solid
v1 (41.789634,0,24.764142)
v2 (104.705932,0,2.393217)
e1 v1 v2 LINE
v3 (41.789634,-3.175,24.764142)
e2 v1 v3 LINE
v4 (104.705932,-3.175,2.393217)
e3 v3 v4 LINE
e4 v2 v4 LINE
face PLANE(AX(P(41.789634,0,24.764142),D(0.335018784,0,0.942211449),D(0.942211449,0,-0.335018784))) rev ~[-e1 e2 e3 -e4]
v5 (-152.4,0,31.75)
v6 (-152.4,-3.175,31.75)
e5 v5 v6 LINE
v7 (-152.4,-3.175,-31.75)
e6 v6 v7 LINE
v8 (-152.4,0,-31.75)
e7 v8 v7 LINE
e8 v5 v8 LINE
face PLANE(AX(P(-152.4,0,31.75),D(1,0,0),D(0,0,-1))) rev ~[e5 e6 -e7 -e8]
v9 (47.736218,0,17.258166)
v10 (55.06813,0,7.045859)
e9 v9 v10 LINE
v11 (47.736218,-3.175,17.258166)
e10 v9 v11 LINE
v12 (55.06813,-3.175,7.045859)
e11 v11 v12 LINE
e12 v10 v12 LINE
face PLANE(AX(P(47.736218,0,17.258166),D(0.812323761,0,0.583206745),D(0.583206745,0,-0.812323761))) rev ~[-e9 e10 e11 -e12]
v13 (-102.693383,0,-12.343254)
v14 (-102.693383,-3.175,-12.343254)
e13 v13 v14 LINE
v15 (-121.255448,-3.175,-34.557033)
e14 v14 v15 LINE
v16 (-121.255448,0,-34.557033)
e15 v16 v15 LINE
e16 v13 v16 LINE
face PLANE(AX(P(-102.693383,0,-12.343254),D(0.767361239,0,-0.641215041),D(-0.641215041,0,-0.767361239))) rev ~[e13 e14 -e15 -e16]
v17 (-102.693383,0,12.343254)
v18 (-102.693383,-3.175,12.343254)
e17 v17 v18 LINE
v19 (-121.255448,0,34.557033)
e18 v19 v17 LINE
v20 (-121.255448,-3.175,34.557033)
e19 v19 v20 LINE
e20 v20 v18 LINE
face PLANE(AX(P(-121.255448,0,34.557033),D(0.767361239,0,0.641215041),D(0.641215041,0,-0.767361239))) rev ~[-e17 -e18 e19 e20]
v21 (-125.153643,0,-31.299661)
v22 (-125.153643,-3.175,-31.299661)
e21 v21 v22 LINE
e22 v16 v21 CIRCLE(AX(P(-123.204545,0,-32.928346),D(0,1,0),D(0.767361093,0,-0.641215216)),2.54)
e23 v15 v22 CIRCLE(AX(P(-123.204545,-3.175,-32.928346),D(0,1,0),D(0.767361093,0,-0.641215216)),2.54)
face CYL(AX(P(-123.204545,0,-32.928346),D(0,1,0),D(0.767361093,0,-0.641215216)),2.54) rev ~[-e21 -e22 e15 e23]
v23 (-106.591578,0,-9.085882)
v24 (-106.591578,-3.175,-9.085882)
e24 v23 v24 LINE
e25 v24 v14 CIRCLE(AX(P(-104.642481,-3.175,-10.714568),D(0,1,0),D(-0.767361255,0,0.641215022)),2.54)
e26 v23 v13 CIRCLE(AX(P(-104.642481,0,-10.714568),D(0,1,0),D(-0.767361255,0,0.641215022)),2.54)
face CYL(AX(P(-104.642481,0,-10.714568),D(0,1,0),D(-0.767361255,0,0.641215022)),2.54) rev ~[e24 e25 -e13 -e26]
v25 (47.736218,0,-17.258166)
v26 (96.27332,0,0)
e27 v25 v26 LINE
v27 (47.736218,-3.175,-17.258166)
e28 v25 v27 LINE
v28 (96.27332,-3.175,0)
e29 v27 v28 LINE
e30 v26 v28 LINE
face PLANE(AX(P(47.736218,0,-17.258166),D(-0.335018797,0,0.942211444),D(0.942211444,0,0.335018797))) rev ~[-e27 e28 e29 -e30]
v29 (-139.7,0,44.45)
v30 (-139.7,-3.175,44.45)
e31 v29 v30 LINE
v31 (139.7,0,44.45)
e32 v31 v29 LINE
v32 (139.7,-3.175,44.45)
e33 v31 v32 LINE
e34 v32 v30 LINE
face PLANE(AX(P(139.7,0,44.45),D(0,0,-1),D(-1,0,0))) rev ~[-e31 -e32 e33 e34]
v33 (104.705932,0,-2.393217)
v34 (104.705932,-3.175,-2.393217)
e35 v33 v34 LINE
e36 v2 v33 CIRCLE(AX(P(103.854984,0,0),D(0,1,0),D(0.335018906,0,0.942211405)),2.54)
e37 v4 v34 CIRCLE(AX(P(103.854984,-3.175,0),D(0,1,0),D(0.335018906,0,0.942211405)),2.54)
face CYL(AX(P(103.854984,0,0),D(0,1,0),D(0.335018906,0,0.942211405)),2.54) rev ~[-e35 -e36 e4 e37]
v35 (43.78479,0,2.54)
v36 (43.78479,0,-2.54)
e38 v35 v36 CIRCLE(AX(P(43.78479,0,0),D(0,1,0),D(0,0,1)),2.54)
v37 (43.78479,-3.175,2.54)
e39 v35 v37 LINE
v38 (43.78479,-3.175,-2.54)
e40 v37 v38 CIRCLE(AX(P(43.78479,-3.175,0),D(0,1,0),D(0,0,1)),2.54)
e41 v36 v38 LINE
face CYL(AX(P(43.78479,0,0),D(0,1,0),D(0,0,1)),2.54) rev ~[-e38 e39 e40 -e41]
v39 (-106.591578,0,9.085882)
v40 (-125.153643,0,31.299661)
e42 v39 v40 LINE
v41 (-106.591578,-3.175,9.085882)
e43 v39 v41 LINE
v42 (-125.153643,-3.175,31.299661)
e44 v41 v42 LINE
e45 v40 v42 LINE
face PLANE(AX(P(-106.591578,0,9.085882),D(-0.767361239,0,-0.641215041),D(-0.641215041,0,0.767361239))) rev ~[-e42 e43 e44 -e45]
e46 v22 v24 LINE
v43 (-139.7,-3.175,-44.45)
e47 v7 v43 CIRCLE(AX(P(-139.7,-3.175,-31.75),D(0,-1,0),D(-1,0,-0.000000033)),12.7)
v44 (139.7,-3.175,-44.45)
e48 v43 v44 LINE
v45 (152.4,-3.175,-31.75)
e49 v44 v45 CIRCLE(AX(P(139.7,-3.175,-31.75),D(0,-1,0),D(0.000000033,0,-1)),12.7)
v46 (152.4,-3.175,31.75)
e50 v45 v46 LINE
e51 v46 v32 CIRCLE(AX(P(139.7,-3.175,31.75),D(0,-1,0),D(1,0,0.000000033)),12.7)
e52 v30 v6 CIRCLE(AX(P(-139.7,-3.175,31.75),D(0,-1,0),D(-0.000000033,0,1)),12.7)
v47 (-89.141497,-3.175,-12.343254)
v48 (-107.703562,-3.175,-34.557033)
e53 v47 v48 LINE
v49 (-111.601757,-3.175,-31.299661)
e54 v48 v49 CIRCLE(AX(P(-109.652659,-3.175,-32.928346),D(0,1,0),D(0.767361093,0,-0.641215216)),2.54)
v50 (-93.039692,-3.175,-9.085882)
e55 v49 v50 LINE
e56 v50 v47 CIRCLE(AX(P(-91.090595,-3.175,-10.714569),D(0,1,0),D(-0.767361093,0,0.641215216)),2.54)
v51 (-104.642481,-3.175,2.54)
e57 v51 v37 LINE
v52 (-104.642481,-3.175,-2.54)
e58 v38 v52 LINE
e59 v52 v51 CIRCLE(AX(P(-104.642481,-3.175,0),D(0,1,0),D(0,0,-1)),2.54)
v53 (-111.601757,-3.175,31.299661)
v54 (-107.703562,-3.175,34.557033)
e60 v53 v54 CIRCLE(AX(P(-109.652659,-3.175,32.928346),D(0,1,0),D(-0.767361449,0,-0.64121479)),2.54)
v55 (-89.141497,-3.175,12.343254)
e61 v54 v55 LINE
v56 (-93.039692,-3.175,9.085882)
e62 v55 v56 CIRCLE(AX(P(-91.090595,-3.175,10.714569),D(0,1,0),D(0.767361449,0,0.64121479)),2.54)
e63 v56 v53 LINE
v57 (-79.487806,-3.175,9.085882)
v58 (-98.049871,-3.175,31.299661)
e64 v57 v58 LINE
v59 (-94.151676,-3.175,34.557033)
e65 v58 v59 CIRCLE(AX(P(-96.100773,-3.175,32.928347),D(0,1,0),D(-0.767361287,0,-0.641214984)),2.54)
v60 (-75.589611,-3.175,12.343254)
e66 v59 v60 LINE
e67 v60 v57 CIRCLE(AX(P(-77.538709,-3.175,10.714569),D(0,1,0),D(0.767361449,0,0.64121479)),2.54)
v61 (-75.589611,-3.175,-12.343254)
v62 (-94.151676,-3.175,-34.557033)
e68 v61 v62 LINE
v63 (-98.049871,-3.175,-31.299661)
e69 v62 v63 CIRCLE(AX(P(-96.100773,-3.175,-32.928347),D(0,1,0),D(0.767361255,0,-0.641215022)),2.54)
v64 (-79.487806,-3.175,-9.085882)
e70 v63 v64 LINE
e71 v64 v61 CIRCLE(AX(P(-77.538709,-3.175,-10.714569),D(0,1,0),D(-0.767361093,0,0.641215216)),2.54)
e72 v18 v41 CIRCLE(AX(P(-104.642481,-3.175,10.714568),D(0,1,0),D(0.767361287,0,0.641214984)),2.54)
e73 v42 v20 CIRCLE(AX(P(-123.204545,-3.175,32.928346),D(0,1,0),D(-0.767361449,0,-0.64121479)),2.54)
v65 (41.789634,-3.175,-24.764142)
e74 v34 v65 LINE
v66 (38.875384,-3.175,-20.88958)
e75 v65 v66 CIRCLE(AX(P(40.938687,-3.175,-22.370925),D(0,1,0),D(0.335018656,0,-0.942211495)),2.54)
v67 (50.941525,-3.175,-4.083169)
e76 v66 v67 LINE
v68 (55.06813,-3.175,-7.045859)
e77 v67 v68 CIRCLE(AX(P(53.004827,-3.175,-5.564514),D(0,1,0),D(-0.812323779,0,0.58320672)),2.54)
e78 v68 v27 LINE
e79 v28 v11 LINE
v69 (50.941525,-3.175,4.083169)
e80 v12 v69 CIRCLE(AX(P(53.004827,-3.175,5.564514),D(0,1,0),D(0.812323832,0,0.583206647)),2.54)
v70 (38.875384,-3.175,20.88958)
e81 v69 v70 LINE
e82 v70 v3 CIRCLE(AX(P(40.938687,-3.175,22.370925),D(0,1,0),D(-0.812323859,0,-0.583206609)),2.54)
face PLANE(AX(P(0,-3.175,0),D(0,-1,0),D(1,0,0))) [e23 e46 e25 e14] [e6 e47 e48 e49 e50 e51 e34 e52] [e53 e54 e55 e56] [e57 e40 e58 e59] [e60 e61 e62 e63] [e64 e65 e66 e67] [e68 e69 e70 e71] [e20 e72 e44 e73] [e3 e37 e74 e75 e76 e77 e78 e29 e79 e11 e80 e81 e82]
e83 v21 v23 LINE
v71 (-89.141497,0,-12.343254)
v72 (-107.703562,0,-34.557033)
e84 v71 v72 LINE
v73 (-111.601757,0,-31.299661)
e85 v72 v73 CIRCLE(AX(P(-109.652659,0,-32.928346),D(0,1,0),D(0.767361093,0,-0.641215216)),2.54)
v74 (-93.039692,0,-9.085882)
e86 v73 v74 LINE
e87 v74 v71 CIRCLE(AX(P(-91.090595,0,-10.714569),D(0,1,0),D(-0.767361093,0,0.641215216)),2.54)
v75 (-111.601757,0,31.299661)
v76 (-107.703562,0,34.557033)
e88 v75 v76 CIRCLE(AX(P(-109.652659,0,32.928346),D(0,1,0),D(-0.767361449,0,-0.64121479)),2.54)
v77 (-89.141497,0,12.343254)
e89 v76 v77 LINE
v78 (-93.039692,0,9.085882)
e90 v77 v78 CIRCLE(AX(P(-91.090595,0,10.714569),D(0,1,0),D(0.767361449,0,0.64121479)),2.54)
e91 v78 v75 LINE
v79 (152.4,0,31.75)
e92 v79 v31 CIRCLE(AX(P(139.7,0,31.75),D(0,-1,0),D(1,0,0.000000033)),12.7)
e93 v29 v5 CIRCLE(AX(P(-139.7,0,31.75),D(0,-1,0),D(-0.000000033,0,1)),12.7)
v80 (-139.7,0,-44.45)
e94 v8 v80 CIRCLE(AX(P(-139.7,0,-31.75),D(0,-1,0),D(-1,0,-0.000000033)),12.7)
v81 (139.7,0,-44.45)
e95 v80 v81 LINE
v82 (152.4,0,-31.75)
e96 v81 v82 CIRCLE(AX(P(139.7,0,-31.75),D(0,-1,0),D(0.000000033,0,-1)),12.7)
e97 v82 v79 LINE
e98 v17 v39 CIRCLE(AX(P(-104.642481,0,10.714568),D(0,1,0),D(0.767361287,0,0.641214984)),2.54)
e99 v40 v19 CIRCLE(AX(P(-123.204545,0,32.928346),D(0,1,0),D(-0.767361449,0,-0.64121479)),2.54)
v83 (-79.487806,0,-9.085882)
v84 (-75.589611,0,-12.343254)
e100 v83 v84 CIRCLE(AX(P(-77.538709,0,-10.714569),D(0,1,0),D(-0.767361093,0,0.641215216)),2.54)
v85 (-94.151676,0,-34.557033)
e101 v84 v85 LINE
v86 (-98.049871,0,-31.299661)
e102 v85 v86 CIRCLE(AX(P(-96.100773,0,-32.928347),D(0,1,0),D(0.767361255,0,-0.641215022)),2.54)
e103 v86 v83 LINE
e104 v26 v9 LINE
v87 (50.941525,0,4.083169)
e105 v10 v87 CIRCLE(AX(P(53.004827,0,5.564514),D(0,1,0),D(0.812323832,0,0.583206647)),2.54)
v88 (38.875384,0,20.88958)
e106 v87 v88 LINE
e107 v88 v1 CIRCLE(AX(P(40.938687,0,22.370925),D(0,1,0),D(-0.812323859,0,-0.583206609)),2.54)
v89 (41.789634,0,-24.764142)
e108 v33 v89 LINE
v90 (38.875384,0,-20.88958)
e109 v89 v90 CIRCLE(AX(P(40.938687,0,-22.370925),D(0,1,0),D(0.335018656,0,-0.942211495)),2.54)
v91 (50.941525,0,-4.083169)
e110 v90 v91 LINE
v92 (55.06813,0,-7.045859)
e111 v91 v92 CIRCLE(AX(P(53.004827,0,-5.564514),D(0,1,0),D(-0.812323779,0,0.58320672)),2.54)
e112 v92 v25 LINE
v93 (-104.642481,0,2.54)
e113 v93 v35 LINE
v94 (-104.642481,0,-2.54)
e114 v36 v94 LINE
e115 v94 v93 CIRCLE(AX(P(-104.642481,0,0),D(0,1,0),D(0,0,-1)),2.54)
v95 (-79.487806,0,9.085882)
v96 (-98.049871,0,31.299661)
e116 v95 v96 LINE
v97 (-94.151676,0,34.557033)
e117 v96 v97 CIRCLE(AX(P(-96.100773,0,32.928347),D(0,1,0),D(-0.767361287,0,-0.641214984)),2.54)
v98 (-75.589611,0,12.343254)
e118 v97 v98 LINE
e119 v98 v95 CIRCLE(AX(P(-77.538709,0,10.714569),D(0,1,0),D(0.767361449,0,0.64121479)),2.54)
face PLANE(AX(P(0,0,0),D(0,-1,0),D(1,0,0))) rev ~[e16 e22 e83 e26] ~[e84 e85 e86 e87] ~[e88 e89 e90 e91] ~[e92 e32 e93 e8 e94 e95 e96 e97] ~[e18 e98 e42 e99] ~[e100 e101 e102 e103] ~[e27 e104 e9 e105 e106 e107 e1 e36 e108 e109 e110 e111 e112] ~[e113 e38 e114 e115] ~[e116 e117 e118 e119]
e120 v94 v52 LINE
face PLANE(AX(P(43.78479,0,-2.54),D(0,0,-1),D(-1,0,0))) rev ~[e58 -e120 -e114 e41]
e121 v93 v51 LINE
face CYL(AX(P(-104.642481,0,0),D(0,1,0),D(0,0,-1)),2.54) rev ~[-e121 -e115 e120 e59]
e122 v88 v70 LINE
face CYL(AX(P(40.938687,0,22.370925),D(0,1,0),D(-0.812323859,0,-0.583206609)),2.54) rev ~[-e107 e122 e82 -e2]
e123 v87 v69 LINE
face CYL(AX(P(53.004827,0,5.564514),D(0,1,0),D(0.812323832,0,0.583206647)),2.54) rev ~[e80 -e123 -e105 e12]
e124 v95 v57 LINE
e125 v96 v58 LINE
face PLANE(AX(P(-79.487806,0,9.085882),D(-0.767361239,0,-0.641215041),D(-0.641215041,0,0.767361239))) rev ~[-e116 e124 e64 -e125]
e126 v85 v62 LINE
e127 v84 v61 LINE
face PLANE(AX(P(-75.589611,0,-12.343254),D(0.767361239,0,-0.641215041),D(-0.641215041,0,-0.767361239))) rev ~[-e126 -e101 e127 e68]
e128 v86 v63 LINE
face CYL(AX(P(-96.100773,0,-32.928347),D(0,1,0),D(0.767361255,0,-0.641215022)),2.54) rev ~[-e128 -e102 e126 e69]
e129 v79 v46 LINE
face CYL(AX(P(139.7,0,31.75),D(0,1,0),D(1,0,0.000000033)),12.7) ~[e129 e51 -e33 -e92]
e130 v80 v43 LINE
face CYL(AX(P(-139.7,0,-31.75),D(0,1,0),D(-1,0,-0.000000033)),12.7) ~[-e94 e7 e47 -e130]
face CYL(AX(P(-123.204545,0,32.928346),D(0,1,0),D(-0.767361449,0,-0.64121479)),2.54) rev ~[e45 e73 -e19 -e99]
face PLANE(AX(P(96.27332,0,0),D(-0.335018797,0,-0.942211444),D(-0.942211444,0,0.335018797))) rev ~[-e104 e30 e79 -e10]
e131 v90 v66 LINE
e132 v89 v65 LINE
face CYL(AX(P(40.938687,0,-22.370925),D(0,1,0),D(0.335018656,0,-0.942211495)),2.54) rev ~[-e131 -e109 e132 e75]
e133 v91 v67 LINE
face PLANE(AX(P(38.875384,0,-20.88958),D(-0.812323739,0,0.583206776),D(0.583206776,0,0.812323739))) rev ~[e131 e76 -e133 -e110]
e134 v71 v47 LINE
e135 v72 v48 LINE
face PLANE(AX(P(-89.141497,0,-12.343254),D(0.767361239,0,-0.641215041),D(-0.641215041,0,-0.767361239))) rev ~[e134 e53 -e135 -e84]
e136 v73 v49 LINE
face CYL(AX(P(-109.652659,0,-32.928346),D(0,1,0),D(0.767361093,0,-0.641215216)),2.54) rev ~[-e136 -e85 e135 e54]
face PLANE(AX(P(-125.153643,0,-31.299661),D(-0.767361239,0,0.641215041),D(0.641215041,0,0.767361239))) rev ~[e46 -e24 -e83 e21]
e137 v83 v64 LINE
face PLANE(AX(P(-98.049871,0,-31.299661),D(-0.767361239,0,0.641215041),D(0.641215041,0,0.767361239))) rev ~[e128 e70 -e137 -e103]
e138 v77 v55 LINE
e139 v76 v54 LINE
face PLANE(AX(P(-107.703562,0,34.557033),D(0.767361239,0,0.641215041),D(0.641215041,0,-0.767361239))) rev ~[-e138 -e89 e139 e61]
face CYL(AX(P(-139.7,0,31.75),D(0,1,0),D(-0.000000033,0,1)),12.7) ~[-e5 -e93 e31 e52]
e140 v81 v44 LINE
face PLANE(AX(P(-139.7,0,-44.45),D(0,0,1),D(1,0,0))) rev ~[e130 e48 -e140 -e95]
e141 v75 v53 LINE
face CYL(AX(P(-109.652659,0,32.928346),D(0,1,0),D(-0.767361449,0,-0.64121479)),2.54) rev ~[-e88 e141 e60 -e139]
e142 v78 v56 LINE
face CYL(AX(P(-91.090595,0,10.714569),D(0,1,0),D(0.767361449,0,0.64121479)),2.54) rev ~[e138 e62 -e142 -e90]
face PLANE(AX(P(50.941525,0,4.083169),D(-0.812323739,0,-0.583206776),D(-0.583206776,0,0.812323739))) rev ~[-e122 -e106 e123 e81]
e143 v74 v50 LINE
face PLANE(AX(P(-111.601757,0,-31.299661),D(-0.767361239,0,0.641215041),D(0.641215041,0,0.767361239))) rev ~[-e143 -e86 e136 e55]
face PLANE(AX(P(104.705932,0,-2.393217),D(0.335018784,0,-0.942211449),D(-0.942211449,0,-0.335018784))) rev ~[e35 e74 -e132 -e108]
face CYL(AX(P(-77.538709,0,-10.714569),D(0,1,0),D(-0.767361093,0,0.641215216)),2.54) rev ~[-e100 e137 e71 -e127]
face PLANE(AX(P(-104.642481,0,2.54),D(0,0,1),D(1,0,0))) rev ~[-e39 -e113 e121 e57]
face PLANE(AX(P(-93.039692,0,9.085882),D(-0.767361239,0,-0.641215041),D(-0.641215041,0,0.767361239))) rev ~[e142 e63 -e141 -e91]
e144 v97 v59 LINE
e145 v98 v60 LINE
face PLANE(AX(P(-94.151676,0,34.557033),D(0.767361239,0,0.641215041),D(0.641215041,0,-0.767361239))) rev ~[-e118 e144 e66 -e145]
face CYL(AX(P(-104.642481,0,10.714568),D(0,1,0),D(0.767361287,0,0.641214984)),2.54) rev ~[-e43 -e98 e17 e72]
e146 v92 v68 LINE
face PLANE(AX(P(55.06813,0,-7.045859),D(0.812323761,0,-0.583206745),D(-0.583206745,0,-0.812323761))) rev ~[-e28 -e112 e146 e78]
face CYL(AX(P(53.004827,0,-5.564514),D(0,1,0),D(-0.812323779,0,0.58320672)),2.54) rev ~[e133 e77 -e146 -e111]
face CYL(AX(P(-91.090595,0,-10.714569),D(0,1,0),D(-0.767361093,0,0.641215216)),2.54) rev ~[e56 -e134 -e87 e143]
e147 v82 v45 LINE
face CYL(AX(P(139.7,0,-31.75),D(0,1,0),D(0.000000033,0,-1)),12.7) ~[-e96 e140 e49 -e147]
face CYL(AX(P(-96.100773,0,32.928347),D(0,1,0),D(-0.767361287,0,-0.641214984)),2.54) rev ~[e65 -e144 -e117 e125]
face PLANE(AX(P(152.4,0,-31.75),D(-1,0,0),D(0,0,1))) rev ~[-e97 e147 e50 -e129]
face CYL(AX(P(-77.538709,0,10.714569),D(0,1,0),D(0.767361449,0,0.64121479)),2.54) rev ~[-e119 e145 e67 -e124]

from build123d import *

# Parameters (mm, degrees)
F1_DEPTH = 3.175


with BuildPart() as f1:
    # F0 (on Front) → F1 (new body)
    with BuildSketch(Plane.XZ):
        with BuildLine():
            ThreePointArc((-152.4, -31.75), (-148.680256, -40.730256), (-139.7, -44.45))
            Line((-139.7, -44.45), (139.7, -44.45))
            ThreePointArc((139.7, -44.45), (148.680256, -40.730256), (152.4, -31.75))
            Line((152.4, -31.75), (152.4, 31.75))
            ThreePointArc((152.4, 31.75), (148.680256, 40.730256), (139.7, 44.45))
            Line((139.7, 44.45), (-139.7, 44.45))
            ThreePointArc((-139.7, 44.45), (-148.680256, 40.730256), (-152.4, 31.75))
            Line((-152.4, 31.75), (-152.4, -31.75))
        make_face()
        with BuildLine():
            ThreePointArc((-106.591578, -9.085882), (-103.013794, -8.765471), (-102.693383, -12.343254))
            Line((-102.693383, -12.343254), (-121.255448, -34.557033))
            ThreePointArc((-121.255448, -34.557033), (-124.833231, -34.877444), (-125.153643, -31.299661))
            Line((-125.153643, -31.299661), (-106.591578, -9.085882))
        make_face(mode=Mode.SUBTRACT)
        with BuildLine():
            ThreePointArc((-93.039692, -9.085882), (-89.461909, -8.765471), (-89.141497, -12.343254))
            Line((-89.141497, -12.343254), (-107.703562, -34.557033))
            ThreePointArc((-107.703562, -34.557033), (-111.281345, -34.877444), (-111.601757, -31.299661))
            Line((-111.601757, -31.299661), (-93.039692, -9.085882))
        make_face(mode=Mode.SUBTRACT)
        with BuildLine():
            ThreePointArc((-79.487806, -9.085882), (-75.910023, -8.765471), (-75.589611, -12.343254))
            Line((-75.589611, -12.343254), (-94.151676, -34.557033))
            ThreePointArc((-94.151676, -34.557033), (-97.72946, -34.877444), (-98.049871, -31.299661))
            Line((-98.049871, -31.299661), (-79.487806, -9.085882))
        make_face(mode=Mode.SUBTRACT)
        with BuildLine():
            Line((-121.255448, 34.557033), (-102.693383, 12.343254))
            ThreePointArc((-102.693383, 12.343254), (-103.013794, 8.765471), (-106.591578, 9.085882))
            Line((-106.591578, 9.085882), (-125.153643, 31.299661))
            ThreePointArc((-125.153643, 31.299661), (-124.833231, 34.877444), (-121.255448, 34.557033))
        make_face(mode=Mode.SUBTRACT)
        with BuildLine():
            Line((-107.703562, 34.557033), (-89.141497, 12.343254))
            ThreePointArc((-89.141497, 12.343254), (-89.461909, 8.765471), (-93.039692, 9.085882))
            Line((-93.039692, 9.085882), (-111.601757, 31.299661))
            ThreePointArc((-111.601757, 31.299661), (-111.281345, 34.877444), (-107.703562, 34.557033))
        make_face(mode=Mode.SUBTRACT)
        with BuildLine():
            Line((-94.151676, 34.557033), (-75.589611, 12.343254))
            ThreePointArc((-75.589611, 12.343254), (-75.910023, 8.765471), (-79.487806, 9.085882))
            Line((-79.487806, 9.085882), (-98.049871, 31.299661))
            ThreePointArc((-98.049871, 31.299661), (-97.72946, 34.877444), (-94.151676, 34.557033))
        make_face(mode=Mode.SUBTRACT)
        with BuildLine():
            Line((43.78479, -2.54), (-104.642481, -2.54))
            ThreePointArc((-104.642481, -2.54), (-107.182481, 0), (-104.642481, 2.54))
            Line((-104.642481, 2.54), (43.78479, 2.54))
            ThreePointArc((43.78479, 2.54), (46.32479, 0), (43.78479, -2.54))
        make_face(mode=Mode.SUBTRACT)
        with BuildLine():
            Line((47.736218, 17.258166), (55.06813, 7.045859))
            ThreePointArc((55.06813, 7.045859), (54.486173, 3.501212), (50.941525, 4.083169))
            Line((50.941525, 4.083169), (38.875384, 20.88958))
            ThreePointArc((38.875384, 20.88958), (38.908783, 23.897716), (41.789634, 24.764142))
            Line((41.789634, 24.764142), (104.705932, 2.393217))
            ThreePointArc((104.705932, 2.393217), (106.394984, 0), (104.705932, -2.393217))
            Line((104.705932, -2.393217), (41.789634, -24.764142))
            ThreePointArc((41.789634, -24.764142), (38.908783, -23.897716), (38.875384, -20.88958))
            Line((38.875384, -20.88958), (50.941525, -4.083169))
            ThreePointArc((50.941525, -4.083169), (54.486173, -3.501212), (55.06813, -7.045859))
            Line((55.06813, -7.045859), (47.736218, -17.258166))
            Line((47.736218, -17.258166), (96.27332, 0))
            Line((96.27332, 0), (47.736218, 17.258166))
        make_face(mode=Mode.SUBTRACT)
    extrude(amount=F1_DEPTH)


solid = f1.part
